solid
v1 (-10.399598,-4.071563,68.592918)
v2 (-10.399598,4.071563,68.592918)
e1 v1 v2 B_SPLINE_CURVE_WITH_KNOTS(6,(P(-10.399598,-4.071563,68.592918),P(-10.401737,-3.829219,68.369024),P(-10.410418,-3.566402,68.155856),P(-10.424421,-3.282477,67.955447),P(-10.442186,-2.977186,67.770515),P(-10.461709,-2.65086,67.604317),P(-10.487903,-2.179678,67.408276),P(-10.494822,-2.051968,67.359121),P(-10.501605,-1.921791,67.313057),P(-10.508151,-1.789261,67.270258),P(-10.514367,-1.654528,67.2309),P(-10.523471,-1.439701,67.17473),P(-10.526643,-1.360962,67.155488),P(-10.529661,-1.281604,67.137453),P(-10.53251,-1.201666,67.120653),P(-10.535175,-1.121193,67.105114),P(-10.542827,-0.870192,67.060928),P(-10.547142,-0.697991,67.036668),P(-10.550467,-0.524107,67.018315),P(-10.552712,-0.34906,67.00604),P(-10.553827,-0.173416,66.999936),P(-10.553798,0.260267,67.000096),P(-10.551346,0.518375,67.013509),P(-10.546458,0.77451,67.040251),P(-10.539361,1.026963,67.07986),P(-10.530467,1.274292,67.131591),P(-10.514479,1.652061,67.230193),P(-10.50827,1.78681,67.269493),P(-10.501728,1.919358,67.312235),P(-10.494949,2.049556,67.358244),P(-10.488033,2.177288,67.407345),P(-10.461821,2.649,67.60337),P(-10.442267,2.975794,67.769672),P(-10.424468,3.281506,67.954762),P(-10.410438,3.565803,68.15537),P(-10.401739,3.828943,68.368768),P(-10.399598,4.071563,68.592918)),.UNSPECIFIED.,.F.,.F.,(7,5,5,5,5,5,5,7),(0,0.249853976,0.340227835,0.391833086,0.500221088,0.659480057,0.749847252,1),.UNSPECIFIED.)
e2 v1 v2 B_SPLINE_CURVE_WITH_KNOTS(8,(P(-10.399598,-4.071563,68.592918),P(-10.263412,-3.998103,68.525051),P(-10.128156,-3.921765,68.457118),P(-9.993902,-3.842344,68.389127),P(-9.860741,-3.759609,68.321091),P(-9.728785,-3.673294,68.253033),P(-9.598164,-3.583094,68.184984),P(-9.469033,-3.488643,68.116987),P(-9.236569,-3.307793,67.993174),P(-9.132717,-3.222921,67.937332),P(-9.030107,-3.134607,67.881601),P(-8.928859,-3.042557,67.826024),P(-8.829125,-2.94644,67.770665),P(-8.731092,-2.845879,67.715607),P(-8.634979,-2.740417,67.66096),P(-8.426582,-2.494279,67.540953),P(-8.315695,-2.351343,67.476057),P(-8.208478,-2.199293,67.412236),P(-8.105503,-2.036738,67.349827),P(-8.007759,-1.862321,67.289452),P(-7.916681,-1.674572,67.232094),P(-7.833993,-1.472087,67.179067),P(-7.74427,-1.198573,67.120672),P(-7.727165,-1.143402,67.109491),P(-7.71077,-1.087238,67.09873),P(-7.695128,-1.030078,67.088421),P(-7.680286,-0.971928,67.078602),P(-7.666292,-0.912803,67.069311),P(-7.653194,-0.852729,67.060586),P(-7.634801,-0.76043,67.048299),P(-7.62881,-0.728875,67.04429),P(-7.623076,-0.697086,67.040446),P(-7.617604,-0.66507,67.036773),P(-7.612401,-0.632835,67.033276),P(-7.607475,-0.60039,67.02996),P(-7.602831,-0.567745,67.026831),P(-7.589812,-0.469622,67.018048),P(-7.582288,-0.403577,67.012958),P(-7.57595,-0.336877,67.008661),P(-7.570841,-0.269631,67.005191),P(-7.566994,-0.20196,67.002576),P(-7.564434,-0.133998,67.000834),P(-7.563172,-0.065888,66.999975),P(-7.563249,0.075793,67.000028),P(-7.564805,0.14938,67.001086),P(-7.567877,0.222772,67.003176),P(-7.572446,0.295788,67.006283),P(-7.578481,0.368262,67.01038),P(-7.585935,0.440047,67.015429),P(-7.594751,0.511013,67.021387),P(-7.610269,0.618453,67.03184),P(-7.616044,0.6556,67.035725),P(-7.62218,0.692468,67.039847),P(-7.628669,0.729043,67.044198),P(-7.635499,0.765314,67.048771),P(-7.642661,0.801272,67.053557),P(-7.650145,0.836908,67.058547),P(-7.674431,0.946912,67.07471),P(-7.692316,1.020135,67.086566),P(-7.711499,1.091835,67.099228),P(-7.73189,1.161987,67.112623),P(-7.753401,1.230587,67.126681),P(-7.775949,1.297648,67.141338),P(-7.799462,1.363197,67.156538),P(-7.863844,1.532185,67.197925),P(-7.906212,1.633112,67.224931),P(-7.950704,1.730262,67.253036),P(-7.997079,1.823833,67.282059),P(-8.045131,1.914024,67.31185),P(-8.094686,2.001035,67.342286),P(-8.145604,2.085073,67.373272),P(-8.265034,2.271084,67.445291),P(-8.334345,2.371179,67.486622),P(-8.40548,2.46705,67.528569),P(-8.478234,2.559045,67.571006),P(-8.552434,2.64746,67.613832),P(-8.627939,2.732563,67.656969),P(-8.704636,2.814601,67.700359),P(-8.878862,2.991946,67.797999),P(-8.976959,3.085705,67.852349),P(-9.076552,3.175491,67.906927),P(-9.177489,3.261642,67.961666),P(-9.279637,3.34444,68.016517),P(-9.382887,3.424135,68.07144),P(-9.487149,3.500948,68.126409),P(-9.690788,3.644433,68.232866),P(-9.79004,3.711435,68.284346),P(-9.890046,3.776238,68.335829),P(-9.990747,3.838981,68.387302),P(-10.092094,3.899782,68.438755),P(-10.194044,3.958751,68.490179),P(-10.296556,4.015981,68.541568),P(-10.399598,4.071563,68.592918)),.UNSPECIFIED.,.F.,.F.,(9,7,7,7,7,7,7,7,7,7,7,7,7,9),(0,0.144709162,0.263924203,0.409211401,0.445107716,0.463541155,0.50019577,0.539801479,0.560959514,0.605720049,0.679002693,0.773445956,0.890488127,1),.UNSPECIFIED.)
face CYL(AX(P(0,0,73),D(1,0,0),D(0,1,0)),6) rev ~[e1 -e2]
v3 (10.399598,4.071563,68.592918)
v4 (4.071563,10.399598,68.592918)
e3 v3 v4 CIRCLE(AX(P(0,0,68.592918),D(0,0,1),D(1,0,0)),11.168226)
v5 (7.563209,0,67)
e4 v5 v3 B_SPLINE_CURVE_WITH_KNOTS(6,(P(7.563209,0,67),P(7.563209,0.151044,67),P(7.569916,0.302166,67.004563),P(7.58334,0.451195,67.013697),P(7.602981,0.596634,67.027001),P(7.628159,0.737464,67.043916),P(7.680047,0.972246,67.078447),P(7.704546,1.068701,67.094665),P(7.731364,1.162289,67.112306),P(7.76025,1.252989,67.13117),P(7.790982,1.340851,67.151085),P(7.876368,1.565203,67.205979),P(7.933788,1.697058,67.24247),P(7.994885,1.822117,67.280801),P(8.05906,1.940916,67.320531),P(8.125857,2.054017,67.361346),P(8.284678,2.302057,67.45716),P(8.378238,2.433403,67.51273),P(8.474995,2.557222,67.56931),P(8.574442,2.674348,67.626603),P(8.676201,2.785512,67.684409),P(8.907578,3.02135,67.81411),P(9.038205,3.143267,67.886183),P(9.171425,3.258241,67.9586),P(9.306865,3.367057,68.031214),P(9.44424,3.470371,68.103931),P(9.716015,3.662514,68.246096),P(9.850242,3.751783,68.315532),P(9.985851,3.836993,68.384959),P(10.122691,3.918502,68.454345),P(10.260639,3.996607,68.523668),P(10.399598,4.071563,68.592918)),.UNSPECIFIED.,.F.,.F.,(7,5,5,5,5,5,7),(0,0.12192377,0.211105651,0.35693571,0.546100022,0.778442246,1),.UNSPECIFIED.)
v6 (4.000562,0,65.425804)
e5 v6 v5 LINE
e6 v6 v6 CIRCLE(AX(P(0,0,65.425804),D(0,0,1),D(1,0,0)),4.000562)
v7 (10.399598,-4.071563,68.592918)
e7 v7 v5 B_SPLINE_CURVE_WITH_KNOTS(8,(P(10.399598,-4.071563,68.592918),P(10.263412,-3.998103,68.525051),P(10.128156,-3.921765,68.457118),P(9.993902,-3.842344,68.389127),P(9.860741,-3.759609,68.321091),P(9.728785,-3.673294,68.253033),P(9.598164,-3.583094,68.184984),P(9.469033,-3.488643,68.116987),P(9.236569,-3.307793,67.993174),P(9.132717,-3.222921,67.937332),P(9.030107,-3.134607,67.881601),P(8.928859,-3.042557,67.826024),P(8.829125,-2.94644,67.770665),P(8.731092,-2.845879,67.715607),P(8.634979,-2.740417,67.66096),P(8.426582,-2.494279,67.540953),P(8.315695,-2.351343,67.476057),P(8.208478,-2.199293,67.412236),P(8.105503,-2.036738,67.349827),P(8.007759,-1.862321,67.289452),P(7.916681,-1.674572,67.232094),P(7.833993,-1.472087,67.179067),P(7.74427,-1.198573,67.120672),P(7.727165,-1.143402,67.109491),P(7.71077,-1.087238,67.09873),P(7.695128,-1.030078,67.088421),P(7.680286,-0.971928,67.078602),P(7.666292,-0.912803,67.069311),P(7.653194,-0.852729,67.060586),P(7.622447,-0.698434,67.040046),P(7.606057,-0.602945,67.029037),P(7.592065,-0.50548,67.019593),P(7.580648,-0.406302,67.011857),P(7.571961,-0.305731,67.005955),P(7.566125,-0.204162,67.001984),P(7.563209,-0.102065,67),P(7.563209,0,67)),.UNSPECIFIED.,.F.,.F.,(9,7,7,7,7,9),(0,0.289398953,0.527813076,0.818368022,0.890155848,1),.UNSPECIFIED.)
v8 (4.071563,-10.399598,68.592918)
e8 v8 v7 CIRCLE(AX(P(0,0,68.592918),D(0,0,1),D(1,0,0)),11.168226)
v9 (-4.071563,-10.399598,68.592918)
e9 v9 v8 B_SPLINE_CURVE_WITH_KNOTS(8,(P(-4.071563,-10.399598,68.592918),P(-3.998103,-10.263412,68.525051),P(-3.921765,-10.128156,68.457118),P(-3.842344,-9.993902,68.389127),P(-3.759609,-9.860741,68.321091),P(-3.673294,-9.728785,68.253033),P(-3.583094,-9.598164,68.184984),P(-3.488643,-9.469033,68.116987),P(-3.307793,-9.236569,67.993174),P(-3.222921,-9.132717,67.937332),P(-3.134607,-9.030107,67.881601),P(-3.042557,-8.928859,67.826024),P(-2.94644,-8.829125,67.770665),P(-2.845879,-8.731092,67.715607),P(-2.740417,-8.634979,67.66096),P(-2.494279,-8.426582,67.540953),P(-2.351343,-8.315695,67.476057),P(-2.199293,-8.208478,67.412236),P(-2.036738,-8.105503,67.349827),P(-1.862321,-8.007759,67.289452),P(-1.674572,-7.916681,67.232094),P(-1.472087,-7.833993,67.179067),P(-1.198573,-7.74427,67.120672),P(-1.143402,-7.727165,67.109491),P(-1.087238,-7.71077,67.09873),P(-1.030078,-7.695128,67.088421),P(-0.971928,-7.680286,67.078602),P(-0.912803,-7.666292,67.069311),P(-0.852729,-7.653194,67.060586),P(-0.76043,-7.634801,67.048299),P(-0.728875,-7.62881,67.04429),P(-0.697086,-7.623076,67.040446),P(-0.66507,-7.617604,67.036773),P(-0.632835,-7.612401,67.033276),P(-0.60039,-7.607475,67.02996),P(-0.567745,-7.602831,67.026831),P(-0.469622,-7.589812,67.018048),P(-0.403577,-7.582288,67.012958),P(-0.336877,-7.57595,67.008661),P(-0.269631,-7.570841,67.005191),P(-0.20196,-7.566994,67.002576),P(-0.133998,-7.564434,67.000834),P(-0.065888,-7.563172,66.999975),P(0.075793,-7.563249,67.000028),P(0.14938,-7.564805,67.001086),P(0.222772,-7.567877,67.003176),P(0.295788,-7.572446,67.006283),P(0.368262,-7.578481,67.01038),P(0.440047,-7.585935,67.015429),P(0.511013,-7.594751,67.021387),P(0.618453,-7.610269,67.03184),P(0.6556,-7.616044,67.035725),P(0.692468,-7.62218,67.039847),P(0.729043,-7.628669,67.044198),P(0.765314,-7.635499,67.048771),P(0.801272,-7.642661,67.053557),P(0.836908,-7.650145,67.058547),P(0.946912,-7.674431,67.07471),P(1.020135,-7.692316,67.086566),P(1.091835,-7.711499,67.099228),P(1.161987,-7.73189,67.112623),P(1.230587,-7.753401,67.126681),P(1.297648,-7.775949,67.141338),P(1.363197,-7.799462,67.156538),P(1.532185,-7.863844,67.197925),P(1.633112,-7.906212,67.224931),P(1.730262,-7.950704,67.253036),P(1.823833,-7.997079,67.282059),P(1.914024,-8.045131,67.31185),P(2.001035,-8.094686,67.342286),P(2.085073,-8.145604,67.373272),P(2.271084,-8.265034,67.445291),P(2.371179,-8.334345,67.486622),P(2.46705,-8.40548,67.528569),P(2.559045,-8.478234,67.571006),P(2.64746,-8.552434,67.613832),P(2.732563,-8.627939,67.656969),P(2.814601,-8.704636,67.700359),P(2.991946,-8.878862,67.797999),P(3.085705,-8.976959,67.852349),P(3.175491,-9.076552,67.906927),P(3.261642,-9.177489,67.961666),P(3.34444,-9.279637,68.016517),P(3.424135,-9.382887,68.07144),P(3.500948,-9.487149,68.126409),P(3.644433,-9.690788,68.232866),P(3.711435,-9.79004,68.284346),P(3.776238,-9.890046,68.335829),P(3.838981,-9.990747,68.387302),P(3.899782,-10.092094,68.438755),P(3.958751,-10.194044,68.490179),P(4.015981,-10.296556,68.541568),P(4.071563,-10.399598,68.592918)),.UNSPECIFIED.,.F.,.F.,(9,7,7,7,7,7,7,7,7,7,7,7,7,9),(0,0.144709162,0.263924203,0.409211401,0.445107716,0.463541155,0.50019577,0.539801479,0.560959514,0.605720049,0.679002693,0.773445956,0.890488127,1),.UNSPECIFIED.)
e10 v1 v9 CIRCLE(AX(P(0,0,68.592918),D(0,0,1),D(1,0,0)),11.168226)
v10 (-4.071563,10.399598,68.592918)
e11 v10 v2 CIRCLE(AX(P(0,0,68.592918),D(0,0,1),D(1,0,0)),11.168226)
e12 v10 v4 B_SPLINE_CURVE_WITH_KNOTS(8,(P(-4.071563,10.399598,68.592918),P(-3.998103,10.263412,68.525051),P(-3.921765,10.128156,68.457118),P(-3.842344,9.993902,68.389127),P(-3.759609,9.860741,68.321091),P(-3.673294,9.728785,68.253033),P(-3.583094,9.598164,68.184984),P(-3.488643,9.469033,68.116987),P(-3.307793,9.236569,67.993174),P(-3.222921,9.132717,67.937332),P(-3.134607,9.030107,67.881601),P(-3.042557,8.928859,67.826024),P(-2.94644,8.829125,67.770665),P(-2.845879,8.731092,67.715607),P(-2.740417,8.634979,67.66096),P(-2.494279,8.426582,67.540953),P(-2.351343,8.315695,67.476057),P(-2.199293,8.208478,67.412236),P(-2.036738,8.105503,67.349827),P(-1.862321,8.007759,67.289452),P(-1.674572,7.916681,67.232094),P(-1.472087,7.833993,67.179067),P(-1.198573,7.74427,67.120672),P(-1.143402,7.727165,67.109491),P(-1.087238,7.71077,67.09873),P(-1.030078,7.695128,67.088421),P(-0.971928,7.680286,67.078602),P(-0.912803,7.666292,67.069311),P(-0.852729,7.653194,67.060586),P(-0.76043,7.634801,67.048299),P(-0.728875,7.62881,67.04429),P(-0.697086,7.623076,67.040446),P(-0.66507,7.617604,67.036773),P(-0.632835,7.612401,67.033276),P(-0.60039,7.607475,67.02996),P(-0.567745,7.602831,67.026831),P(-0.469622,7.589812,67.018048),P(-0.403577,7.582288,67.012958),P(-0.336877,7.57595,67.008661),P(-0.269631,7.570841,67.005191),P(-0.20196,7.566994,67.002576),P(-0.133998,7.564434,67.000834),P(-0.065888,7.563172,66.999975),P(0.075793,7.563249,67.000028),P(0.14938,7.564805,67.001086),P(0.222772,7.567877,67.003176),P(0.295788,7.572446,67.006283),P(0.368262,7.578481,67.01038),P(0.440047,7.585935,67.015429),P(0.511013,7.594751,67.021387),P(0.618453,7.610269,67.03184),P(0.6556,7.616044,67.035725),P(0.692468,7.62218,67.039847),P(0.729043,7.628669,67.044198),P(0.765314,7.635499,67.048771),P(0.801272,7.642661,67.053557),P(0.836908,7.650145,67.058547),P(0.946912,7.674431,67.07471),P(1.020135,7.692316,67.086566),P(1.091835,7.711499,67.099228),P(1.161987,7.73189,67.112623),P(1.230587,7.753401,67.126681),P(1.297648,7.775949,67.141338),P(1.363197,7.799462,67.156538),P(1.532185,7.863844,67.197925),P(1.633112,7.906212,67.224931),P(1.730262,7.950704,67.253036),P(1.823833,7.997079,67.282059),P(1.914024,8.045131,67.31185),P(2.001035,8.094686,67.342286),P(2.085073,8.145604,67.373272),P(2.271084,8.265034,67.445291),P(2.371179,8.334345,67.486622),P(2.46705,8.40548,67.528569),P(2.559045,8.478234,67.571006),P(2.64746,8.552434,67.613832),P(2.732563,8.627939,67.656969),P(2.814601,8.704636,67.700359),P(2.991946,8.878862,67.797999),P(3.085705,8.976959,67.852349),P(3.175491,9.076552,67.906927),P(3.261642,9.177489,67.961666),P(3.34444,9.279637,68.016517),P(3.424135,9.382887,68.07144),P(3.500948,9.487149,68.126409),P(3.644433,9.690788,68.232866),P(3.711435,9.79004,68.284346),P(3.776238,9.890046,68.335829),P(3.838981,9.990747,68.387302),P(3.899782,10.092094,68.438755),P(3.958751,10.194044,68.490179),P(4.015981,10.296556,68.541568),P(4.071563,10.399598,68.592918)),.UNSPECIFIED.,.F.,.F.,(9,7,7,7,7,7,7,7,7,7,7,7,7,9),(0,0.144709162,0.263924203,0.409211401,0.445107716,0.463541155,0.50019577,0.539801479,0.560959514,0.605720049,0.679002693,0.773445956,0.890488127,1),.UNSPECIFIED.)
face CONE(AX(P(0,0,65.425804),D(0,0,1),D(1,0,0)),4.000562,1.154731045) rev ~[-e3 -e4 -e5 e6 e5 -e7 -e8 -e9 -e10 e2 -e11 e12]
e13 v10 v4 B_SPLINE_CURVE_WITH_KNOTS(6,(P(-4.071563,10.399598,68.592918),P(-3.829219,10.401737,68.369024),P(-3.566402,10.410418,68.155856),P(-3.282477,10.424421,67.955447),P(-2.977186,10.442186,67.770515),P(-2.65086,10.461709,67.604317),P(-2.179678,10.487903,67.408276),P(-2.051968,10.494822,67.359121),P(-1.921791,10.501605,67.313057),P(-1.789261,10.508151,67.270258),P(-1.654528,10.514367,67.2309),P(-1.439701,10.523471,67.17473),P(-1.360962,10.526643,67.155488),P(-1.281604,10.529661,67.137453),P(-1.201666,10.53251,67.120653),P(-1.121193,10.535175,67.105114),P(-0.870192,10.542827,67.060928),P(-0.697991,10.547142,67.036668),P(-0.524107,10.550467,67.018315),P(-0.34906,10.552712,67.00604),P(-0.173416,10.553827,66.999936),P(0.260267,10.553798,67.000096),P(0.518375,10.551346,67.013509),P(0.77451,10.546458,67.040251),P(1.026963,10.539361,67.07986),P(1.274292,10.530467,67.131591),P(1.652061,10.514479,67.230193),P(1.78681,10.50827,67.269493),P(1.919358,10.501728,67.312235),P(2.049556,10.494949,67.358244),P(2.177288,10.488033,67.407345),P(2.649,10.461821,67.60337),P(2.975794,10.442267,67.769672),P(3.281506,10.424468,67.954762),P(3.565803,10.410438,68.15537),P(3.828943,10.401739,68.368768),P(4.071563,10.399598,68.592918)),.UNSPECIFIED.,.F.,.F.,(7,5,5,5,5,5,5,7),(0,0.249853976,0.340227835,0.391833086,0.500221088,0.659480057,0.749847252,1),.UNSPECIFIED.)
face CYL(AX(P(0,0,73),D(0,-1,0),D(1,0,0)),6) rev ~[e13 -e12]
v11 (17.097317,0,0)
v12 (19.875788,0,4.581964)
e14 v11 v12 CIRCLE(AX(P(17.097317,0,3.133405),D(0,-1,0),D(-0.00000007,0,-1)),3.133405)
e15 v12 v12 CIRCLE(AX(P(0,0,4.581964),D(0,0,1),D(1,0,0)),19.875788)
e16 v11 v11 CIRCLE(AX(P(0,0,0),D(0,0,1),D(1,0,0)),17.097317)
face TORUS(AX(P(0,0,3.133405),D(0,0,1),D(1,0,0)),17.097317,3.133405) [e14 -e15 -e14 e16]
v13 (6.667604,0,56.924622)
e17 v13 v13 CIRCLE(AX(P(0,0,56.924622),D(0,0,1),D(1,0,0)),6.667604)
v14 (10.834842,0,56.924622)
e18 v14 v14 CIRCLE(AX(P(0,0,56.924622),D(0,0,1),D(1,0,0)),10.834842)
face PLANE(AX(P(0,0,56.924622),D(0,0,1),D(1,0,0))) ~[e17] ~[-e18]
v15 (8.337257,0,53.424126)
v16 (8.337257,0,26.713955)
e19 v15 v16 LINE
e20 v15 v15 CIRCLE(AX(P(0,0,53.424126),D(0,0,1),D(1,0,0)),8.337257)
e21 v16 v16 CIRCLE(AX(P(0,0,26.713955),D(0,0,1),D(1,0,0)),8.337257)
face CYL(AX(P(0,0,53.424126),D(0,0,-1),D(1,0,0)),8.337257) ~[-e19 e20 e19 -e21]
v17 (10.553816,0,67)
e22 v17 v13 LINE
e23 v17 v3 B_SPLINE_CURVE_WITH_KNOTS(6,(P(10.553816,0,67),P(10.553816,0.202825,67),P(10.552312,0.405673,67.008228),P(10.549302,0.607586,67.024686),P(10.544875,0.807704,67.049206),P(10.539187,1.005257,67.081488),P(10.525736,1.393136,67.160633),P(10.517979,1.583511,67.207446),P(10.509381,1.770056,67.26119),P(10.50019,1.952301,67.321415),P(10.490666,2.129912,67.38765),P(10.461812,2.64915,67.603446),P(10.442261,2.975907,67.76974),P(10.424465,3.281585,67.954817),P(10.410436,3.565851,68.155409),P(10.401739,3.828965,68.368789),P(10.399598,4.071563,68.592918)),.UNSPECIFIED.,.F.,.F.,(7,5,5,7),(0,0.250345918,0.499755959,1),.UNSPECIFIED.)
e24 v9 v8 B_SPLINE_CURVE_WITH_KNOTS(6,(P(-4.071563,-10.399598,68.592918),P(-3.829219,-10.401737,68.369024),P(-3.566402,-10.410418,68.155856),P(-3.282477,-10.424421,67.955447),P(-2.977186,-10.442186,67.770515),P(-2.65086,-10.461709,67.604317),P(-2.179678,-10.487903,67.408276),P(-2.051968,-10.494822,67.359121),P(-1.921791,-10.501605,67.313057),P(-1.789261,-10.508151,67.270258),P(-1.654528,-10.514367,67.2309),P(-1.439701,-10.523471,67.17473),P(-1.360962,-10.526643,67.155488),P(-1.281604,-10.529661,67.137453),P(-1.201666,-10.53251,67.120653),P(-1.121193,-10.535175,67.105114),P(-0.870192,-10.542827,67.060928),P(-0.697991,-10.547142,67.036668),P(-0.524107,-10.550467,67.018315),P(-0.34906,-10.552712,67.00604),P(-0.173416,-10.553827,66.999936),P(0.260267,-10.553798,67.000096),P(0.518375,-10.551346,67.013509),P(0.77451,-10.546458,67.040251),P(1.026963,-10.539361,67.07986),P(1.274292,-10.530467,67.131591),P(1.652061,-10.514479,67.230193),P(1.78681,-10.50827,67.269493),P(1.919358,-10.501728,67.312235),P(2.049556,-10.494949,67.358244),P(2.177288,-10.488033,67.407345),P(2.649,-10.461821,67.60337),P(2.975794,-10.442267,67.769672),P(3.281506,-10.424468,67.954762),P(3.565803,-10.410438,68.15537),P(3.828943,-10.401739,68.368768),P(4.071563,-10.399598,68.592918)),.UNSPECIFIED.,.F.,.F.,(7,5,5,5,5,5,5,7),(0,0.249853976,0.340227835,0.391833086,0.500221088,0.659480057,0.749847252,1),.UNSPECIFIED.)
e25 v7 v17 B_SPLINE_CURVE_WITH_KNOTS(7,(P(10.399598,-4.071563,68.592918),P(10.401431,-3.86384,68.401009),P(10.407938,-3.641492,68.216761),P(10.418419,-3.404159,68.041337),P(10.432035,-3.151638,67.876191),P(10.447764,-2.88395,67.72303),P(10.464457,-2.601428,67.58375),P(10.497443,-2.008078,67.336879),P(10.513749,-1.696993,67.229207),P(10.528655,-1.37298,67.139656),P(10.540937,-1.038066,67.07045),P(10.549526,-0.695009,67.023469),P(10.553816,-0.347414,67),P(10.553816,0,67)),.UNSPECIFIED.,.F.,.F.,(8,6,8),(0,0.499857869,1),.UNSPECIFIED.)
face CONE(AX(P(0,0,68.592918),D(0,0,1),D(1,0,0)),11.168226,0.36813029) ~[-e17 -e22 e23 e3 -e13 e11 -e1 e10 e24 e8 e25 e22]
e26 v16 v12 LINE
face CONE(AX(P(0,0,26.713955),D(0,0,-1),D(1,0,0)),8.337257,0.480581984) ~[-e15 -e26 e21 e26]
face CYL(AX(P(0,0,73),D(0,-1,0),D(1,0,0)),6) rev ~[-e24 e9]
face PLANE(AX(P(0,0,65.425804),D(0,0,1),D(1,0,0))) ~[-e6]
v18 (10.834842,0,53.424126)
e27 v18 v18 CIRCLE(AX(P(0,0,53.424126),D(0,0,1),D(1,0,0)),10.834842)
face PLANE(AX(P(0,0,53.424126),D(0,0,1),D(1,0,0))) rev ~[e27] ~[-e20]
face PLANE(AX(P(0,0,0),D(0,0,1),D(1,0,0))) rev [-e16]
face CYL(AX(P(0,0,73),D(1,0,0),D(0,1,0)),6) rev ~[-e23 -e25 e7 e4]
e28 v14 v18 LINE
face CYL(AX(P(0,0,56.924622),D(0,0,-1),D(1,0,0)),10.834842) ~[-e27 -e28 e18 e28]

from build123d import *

# Parameters (mm, degrees)
SKETCH003_R  = 6
PAD001_DEPTH = 22.5
SKETCH001_R  = 6
PAD_DEPTH    = 22.5


with BuildPart() as pad001:
    # Sketch003 → Pad001 (new body, symmetric)
    with BuildSketch(Plane.YZ):
        with Locations((0, 73)):
            Circle(SKETCH003_R)
    extrude(amount=PAD001_DEPTH, both=True)


with BuildPart() as pad:
    # Sketch001 → Pad (new body, symmetric)
    with BuildSketch(Plane.XZ):
        with Locations((0, 73)):
            Circle(SKETCH001_R)
    extrude(amount=PAD_DEPTH, both=True)


with BuildPart() as cut001:
    # Sketch → Revolution (revolve)
    with BuildSketch(Plane.XZ):
        with BuildLine():
            Line((0, 65.425804), (4.000562, 65.425804))
            Line((4.000562, 65.425804), (11.168226, 68.592918))
            Line((11.168226, 68.592918), (6.667604, 56.924622))
            Line((6.667604, 56.924622), (10.834842, 56.924622))
            Line((10.834842, 56.924622), (10.834842, 53.424126))
            Line((10.834842, 53.424126), (8.337257, 53.424126))
            Line((8.337257, 53.424126), (8.337257, 26.713955))
            Line((8.337257, 26.713955), (19.875788, 4.581964))
            ThreePointArc((17.097317, 0), (19.776603, 1.508704), (19.875788, 4.581964))
            Line((0, 0), (17.097317, 0))
            Line((0, 65.425804), (0, 0))
        make_face()
    revolve(axis=Axis((0, 0, 0), (0, 0, 1)))

    # Cut: cut Pad
    add(pad.part, mode=Mode.SUBTRACT)

    # Cut001: cut Pad001
    add(pad001.part, mode=Mode.SUBTRACT)


solid = cut001.part
